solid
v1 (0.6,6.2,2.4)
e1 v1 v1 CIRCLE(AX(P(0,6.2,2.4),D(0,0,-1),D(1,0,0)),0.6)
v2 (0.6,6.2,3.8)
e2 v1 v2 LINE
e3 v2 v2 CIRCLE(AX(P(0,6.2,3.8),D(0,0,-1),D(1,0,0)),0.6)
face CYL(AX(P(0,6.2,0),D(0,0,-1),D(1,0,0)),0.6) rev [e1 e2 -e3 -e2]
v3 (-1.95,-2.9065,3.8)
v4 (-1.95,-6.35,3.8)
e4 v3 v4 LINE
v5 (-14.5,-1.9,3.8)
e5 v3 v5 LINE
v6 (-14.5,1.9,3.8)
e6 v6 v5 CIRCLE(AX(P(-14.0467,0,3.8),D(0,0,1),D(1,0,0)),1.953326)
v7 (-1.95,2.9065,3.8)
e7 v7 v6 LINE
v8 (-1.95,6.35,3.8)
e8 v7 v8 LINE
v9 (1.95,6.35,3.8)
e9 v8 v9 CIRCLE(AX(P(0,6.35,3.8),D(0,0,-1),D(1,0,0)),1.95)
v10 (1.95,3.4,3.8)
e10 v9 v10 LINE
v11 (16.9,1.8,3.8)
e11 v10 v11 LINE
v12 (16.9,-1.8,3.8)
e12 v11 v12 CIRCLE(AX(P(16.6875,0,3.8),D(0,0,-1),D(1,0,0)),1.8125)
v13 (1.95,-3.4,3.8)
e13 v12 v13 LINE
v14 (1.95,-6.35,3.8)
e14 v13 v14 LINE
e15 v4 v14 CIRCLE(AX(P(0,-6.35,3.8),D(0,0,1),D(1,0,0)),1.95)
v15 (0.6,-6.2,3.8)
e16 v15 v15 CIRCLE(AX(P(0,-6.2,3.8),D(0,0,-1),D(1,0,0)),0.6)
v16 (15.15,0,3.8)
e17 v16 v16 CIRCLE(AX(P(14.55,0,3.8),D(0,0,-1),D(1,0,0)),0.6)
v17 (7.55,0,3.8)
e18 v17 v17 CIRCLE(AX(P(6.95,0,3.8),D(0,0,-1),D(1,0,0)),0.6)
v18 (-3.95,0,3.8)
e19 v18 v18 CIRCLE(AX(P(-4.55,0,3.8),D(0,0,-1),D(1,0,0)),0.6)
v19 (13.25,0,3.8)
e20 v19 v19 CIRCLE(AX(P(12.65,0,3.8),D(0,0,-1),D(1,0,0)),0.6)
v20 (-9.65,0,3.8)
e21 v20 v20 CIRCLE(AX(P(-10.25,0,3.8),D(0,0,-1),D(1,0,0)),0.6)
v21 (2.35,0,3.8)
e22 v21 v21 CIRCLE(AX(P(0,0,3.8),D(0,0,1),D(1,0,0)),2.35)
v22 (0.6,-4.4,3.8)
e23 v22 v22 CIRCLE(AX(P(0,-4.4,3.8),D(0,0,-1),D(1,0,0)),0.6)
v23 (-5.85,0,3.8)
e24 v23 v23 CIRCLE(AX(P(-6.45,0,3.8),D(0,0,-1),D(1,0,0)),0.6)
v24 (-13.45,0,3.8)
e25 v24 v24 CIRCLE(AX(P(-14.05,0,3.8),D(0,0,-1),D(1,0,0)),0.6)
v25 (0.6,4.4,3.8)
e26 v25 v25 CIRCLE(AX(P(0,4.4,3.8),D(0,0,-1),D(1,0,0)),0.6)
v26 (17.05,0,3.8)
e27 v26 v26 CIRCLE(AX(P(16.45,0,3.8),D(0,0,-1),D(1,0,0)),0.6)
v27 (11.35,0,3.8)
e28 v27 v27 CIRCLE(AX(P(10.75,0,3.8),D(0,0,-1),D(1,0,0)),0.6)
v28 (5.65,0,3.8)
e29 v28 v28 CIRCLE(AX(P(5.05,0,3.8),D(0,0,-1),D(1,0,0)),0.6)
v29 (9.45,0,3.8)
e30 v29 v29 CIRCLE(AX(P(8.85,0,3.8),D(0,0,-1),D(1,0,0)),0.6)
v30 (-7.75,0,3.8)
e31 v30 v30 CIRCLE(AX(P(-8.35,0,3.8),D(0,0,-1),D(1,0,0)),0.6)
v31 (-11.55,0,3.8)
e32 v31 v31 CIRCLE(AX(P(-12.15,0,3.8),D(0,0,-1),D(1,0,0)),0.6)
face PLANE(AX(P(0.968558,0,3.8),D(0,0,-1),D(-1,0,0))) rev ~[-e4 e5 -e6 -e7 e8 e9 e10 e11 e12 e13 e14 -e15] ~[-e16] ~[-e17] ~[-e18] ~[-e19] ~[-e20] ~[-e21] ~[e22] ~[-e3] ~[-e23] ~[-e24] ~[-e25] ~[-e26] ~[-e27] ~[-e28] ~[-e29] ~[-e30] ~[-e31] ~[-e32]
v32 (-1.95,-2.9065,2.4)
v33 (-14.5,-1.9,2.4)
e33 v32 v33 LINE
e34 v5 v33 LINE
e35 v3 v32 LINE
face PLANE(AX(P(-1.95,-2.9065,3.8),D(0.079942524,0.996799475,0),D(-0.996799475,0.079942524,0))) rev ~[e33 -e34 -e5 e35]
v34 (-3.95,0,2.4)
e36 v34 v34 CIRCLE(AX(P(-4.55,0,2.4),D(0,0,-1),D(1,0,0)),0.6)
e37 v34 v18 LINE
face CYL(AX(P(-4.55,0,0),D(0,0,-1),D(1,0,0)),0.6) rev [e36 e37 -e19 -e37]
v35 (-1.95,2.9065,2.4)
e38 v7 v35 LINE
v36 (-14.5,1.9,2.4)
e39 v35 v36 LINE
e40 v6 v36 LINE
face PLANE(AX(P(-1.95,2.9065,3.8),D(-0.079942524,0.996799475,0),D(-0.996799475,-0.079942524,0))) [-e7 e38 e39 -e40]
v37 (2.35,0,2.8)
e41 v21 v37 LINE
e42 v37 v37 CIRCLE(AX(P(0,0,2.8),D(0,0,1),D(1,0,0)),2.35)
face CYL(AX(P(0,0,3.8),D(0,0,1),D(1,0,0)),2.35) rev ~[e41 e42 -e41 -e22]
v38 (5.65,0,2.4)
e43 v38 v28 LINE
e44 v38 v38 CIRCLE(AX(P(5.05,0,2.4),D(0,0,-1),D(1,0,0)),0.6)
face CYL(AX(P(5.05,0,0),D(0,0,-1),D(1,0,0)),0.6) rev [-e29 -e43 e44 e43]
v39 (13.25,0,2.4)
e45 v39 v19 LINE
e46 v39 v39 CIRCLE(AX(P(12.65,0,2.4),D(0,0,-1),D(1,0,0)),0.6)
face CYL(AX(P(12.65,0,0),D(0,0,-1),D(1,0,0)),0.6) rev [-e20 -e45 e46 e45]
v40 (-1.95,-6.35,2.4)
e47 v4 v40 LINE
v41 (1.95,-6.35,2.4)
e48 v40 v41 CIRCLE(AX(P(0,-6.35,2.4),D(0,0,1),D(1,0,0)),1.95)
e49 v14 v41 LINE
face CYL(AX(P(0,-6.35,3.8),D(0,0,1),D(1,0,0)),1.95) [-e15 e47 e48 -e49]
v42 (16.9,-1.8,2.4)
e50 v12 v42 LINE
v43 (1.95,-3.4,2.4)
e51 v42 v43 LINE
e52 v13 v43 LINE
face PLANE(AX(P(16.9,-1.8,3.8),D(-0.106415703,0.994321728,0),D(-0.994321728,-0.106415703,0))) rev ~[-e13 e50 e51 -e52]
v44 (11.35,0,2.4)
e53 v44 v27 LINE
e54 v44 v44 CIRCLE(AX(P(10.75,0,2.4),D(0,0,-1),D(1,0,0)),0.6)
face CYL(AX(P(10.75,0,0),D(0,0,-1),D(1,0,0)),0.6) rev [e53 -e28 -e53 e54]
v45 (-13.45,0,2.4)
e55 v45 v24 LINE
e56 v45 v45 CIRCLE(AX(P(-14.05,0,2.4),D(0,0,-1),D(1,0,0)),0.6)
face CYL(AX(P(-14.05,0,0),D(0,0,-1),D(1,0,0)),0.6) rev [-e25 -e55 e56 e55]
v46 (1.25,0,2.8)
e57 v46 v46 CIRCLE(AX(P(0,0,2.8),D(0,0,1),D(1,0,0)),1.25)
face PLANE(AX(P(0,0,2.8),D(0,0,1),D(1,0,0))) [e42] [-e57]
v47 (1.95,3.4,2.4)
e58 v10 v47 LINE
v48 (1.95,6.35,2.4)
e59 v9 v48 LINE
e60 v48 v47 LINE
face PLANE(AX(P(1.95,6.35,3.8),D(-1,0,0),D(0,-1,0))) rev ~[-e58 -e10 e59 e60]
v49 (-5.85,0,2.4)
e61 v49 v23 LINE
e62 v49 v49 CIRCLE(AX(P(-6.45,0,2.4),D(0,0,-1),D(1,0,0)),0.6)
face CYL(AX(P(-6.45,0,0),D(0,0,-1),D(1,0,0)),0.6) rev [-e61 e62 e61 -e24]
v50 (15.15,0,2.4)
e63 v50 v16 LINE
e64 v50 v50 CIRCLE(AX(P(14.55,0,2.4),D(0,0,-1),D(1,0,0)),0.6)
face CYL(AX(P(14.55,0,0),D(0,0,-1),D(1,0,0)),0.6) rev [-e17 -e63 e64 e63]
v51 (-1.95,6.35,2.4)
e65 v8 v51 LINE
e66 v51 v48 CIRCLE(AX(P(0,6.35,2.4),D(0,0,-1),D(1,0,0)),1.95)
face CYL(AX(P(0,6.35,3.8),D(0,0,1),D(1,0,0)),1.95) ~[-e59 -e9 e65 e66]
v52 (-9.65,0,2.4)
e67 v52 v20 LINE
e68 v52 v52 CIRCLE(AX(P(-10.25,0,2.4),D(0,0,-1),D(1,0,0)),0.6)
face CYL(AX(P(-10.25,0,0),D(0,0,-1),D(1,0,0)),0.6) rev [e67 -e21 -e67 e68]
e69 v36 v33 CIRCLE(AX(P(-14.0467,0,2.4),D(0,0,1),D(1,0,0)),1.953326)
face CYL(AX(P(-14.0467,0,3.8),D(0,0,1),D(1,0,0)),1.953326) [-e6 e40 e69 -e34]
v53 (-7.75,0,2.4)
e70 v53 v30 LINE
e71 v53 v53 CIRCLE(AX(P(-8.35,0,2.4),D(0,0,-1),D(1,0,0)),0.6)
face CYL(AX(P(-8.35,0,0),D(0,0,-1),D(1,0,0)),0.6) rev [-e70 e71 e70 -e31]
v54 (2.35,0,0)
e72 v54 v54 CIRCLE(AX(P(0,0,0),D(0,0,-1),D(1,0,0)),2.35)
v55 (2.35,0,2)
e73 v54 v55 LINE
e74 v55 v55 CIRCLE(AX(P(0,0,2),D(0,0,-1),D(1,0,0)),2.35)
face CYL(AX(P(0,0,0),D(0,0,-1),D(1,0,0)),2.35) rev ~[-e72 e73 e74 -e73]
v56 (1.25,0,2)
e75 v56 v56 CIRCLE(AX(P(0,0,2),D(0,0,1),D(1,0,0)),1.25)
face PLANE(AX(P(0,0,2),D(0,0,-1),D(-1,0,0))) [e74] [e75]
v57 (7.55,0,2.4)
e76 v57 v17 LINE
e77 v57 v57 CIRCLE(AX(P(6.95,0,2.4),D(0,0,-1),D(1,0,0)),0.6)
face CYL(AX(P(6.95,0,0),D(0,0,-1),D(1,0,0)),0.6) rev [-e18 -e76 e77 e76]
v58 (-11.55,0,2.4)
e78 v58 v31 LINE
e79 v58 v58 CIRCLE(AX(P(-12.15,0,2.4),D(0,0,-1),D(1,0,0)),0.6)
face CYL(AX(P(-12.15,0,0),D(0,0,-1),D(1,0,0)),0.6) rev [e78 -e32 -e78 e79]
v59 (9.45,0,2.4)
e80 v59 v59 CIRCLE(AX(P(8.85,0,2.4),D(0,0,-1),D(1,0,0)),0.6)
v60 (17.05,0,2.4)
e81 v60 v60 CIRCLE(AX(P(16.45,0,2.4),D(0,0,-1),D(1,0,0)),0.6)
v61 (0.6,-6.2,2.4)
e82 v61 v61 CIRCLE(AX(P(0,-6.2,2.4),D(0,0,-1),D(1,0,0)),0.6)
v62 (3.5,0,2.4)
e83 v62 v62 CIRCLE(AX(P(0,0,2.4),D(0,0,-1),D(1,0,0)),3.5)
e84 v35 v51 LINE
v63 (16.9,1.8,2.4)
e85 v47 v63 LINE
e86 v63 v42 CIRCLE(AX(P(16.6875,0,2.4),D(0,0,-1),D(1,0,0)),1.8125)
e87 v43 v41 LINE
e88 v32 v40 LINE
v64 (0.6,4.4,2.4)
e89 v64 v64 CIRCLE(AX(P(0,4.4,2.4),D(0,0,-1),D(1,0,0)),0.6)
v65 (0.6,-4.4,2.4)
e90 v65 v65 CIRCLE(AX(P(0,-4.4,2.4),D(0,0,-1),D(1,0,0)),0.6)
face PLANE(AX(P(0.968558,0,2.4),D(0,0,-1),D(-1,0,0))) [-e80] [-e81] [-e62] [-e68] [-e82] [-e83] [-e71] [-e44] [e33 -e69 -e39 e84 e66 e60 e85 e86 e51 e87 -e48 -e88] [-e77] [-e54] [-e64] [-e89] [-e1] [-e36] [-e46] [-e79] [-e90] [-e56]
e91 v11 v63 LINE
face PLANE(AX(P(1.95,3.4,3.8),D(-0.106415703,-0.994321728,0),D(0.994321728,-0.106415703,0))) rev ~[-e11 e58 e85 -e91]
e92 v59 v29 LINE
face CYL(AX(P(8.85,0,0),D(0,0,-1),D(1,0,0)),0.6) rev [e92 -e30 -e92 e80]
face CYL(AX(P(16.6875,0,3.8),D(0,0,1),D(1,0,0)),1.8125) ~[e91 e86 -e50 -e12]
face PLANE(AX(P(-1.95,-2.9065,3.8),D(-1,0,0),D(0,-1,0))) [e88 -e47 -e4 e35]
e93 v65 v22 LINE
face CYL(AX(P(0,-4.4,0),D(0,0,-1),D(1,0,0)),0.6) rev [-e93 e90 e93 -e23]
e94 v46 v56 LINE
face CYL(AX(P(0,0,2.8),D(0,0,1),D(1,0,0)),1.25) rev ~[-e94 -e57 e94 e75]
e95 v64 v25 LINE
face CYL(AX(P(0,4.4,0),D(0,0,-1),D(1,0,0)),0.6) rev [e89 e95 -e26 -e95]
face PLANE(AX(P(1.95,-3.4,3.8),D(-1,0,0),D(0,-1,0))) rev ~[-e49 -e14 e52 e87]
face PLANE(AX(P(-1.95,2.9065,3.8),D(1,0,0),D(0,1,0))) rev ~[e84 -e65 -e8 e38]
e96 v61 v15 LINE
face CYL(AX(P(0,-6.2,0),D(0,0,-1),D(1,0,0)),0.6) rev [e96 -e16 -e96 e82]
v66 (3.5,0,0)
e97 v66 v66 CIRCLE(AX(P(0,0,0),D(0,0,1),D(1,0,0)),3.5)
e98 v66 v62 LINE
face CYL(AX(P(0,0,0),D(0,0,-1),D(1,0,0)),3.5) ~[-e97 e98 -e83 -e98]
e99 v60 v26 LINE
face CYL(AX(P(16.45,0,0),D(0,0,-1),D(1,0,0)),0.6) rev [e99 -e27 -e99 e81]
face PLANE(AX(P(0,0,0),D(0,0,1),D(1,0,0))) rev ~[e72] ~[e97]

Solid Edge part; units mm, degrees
sketch "Sketch1" plane through (0, 0, 0) normal (0, 0, 1) x (1, 0, 0)
  circle A0 centre (0, 0) radius 3.5
  dimension "D1" = 7
extrude "Protrusion1" add sketch "Sketch1" along normal blind 3.8
sketch "Sketch2" plane through (0, 0, 3.8) normal (0, 0, 1) x (1, 0, 0)
  circle A0 centre (0, 0) radius 2.35
  dimension "D1" = 4.7
extrude "Extrusionsausschnitt_1" cut sketch "Sketch2" against normal blind 1
sketch "Sketch3" plane through (0, 0, 2.8) normal (0, 0, 1) x (1, 0, 0)
  circle A0 centre (0, 0) radius 1.25
  dimension "D1" = 2.5
extrude "Cutout1" cut sketch "Sketch3" against normal through all
sketch "Sketch4" plane through (0, 0, 0) normal (0, 0, -1) x (1, 0, 0)
  circle A0 centre (0, 0) radius 2.35
  dimension "D1" = 4.7
extrude "Extrusionsausschnitt_3" cut sketch "Sketch4" against normal blind 2
sketch "Sketch5" plane through (0, 0, 3.8) normal (0, 0, 1) x (1, 0, 0)
  line L0 (-1.95, 2.9065) -> (-1.95, 6.35)
  arc A0 (-1.95, 6.35) -> (1.95, 6.35) centre (0, 6.35) cw
  line L1 (1.95, 6.35) -> (1.95, 3.4)
  line L2 (1.95, 3.4) -> (16.9, 1.8)
  arc A1 (16.9, 1.8) -> (16.9, -1.8) centre (16.6875, 0) cw
  line L3 (16.9, -1.8) -> (1.95, -3.4)
  line L4 (1.95, -3.4) -> (1.95, -6.35)
  arc A2 (-1.95, -6.35) -> (1.95, -6.35) centre (0, -6.35) ccw
  line L5 (-1.95, -2.9065) -> (-1.95, -6.35)
  line L6 (-1.95, -2.9065) -> (-14.5, -1.9)
  arc A3 (-14.5, 1.9) -> (-14.5, -1.9) centre (-14.0467, 0) ccw
  line L7 (-1.95, 2.9065) -> (-14.5, 1.9)
  circle A4 centre (0, 0) radius 2.901
  dimension "D1" = 3.9
  dimension "D2" = 16.6
  dimension "D3" = 16
  dimension "D4" = 18.5
  dimension "D5" = 6.8
  dimension "D6" = 3.6
  dimension "D7" = 16.9
  dimension "D8" = 3.8
  dimension "D9" = 14.5
extrude "Extrusionsausprägung_2" add sketch "Sketch5" against normal blind 1.4
sketch "Sketch6" plane through (0, 0, 0) normal (0, 0, 1) x (1, 0, 0)
  circle A0 centre (0, 4.4) radius 0.6
  circle A1 centre (0, 6.2) radius 0.6
  circle A2 centre (0, -6.2) radius 0.6
  circle A3 centre (0, -4.4) radius 0.6
  circle A4 centre (-4.55, 0) radius 0.6
  circle A5 centre (-6.45, 0) radius 0.6
  circle A6 centre (-8.35, 0) radius 0.6
  circle A7 centre (-10.25, 0) radius 0.6
  circle A8 centre (-14.05, 0) radius 0.6
  circle A9 centre (-12.15, 0) radius 0.6
  circle A10 centre (5.05, 0) radius 0.6
  circle A11 centre (6.95, 0) radius 0.6
  circle A12 centre (8.85, 0) radius 0.6
  circle A13 centre (12.65, 0) radius 0.6
  circle A14 centre (14.55, 0) radius 0.6
  circle A15 centre (10.75, 0) radius 0.6
  circle A16 centre (16.45, 0) radius 0.6
extrude "Cutout2" cut sketch "Sketch6" along normal through all
